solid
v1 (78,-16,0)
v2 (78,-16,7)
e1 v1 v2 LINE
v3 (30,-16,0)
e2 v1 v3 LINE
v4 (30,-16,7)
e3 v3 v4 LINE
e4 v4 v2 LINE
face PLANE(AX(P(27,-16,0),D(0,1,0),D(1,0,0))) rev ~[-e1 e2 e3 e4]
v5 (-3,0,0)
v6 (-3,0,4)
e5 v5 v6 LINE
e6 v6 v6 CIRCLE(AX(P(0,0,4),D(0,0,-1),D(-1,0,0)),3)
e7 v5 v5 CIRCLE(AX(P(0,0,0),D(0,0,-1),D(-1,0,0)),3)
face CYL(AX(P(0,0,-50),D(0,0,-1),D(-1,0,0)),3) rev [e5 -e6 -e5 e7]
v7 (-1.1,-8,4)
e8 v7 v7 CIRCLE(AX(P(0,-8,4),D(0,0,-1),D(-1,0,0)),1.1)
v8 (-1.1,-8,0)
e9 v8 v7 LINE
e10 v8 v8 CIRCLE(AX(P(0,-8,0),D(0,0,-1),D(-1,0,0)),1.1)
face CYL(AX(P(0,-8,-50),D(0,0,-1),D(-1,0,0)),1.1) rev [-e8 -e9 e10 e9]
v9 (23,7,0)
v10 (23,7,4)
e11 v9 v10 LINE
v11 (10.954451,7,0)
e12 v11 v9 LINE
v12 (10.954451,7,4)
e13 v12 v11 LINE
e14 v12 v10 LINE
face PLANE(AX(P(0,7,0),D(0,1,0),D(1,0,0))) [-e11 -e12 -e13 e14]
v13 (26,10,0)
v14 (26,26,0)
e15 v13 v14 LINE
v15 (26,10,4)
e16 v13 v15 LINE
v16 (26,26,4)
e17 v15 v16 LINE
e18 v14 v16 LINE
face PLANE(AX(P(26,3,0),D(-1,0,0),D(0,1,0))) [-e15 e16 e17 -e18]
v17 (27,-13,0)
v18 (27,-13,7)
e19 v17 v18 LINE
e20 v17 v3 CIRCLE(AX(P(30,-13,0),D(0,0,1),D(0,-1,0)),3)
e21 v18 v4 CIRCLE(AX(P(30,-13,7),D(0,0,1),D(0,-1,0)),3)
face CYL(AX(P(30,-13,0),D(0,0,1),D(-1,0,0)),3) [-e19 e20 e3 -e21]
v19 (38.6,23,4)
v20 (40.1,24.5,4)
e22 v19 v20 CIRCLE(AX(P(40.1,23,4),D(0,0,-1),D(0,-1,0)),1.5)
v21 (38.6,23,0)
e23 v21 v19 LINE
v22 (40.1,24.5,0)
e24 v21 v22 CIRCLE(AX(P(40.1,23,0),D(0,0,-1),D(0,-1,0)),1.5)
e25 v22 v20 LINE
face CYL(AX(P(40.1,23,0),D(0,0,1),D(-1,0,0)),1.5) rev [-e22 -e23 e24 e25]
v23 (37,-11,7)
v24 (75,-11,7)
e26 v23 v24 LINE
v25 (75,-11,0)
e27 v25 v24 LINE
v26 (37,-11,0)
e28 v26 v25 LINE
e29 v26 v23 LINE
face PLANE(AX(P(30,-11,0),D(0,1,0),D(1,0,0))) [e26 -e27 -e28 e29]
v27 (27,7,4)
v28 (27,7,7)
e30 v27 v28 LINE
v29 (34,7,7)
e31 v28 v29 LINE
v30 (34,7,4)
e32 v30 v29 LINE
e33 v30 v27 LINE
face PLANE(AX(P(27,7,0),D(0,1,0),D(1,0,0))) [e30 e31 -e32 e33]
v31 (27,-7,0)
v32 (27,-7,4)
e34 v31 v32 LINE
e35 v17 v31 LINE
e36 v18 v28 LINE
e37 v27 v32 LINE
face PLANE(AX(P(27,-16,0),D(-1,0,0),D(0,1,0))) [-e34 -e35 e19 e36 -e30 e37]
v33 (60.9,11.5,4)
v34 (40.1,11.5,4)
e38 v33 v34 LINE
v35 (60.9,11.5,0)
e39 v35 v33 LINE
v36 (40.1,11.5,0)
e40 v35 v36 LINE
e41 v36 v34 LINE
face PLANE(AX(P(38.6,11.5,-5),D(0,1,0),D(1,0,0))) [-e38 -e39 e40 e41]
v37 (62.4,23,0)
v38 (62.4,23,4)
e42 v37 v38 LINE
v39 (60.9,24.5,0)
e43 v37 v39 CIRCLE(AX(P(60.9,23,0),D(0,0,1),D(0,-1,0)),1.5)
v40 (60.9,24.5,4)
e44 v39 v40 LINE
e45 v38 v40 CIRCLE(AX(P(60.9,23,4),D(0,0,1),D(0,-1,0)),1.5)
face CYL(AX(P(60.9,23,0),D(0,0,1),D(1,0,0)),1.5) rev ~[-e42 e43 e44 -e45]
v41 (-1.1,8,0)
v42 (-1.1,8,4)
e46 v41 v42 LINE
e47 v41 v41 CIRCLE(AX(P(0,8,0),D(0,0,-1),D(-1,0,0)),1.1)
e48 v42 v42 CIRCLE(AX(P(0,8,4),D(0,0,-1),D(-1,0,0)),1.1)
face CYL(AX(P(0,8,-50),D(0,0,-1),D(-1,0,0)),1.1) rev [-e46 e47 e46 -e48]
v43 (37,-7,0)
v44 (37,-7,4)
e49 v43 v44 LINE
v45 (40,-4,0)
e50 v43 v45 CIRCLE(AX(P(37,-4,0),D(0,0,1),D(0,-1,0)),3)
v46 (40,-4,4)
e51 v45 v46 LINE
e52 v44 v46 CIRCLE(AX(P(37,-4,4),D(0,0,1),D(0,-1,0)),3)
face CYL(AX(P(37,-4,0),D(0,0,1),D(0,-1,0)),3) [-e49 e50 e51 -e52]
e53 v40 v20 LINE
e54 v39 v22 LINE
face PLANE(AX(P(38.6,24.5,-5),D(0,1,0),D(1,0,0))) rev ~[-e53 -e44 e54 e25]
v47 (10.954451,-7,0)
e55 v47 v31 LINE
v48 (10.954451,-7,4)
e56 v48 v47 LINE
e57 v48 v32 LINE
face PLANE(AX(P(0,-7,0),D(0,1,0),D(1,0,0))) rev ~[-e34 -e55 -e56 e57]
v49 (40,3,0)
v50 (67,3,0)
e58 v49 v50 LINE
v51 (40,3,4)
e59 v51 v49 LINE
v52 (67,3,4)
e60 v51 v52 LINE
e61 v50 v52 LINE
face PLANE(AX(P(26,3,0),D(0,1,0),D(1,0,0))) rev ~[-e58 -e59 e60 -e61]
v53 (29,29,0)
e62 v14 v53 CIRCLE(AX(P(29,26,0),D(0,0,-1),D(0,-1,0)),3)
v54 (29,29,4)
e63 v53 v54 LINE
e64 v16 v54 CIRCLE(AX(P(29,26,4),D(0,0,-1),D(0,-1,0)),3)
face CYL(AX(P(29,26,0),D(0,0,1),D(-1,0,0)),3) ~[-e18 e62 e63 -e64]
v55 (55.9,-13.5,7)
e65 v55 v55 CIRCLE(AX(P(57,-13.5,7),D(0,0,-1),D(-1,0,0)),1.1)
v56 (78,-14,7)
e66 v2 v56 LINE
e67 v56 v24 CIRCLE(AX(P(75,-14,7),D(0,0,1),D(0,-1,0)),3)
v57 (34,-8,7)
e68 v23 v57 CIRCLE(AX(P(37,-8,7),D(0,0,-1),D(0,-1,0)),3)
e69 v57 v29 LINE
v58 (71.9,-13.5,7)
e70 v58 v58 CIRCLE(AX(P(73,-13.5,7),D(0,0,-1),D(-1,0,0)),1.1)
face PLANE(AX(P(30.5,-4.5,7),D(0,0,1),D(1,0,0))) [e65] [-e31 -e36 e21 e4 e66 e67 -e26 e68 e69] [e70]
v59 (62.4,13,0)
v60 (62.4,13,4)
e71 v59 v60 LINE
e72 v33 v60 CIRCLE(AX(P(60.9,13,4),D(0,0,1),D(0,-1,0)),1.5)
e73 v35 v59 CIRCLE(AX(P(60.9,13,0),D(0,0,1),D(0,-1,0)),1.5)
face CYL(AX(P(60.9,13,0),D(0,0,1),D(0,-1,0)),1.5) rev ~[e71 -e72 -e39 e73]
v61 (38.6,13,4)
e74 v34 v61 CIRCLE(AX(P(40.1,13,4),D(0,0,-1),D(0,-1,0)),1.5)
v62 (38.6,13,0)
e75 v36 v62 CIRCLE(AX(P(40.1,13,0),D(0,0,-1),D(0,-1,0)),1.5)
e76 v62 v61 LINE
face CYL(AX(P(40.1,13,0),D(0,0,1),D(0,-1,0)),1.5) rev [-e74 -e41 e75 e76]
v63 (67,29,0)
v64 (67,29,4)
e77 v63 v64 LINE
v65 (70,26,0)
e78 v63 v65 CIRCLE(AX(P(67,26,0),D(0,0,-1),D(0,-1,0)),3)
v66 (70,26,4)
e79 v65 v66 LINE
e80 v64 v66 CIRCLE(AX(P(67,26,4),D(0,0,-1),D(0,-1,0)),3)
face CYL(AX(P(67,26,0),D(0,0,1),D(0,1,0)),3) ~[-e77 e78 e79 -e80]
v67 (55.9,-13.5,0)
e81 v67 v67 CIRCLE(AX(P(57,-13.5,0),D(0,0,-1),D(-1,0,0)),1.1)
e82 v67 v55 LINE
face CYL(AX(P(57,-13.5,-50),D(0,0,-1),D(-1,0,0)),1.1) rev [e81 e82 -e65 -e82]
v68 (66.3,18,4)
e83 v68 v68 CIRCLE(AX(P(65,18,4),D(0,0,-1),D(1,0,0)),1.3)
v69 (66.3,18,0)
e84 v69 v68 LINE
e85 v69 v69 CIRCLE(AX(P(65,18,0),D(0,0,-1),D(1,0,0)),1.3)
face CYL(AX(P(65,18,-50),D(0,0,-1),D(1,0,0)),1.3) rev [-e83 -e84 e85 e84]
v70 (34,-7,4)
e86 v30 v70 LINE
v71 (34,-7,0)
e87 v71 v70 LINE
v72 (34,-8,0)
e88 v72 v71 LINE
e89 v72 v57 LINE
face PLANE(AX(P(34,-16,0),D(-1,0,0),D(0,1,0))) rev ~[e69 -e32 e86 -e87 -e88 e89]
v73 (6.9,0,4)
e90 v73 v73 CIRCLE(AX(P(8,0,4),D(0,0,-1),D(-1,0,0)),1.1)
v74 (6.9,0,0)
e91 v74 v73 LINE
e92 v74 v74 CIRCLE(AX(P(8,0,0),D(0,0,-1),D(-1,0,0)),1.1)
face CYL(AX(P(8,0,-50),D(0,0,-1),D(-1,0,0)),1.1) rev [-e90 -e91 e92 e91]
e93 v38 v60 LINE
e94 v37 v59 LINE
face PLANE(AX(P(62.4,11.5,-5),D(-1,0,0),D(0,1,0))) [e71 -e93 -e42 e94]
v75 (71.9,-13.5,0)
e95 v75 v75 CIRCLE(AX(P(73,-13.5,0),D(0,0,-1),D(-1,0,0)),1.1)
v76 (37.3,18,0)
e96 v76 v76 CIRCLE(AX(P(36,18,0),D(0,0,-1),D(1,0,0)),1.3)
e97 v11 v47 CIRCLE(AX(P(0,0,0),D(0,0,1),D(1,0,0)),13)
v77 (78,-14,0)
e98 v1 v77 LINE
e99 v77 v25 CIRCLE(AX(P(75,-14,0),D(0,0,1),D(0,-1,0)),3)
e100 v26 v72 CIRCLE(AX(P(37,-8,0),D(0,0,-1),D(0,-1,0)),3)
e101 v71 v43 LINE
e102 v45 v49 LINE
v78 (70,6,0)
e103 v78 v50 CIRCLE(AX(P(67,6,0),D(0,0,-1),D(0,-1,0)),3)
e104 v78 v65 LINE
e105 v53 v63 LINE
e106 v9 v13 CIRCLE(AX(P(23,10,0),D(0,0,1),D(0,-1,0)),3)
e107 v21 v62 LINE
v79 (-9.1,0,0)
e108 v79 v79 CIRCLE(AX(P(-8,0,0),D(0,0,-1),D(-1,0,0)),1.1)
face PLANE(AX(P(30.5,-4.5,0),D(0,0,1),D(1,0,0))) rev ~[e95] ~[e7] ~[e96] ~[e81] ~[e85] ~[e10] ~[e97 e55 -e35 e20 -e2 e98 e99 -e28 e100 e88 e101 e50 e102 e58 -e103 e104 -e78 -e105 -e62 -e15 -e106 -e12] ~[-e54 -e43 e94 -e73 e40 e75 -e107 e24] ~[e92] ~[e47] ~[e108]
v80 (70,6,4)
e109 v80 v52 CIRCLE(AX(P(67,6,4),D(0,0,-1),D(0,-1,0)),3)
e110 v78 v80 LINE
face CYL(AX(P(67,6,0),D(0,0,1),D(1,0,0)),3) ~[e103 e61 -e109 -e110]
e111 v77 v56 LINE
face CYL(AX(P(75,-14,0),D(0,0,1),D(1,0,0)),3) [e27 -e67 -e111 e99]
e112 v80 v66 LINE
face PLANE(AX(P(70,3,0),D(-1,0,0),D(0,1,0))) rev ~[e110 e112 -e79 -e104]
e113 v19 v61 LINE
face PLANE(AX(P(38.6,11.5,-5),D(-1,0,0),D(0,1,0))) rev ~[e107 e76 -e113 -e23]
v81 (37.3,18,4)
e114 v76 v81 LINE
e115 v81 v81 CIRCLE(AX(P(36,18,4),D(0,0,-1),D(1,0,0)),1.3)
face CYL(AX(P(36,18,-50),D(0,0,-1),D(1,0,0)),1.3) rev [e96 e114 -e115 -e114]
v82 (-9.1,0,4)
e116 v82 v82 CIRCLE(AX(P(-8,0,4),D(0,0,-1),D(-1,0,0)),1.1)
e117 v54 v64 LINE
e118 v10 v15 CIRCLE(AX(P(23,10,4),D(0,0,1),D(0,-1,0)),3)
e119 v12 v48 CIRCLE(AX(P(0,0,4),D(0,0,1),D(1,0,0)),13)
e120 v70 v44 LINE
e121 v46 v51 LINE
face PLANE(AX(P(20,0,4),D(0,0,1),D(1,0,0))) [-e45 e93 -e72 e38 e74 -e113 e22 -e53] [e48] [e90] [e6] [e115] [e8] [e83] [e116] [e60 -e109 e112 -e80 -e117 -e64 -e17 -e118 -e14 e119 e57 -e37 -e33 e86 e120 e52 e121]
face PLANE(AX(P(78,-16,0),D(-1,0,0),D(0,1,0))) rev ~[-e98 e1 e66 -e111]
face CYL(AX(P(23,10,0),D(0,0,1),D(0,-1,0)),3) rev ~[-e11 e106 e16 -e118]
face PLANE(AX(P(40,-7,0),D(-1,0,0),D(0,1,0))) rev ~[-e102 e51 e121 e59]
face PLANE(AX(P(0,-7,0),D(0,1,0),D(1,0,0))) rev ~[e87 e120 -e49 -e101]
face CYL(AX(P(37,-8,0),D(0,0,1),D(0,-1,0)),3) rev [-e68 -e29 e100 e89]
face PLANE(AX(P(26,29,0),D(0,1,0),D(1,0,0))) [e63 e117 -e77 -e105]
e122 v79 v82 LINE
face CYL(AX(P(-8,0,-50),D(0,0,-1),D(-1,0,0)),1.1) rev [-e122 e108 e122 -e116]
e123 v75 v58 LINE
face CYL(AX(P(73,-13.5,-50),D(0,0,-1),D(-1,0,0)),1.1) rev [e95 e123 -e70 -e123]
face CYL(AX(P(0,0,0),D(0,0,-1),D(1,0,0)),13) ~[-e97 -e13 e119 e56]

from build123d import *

# Parameters (mm, degrees)
ELBOW_HORN_FLANGE_PROFILE_R          = 13
ELBOW_HORN_FLANGE_DEPTH              = 4
FOREARM_WEB_PROFILE_W                = 40
FOREARM_WEB_PROFILE_H                = 14
FOREARM_WEB_DEPTH                    = 4
GRIPPER_SERVO_MOUNT_PROFILE_W        = 44
GRIPPER_SERVO_MOUNT_PROFILE_H        = 26
GRIPPER_SERVO_MOUNT_DEPTH            = 4
GRIP_SG90_BODY_CLEARANCE_START       = -5
GRIP_SG90_BODY_CLEARANCE_PROFILE_W   = 23.8
GRIP_SG90_BODY_CLEARANCE_PROFILE_H   = 13
GRIP_SG90_BODY_CLEARANCE_DEPTH       = 81.874897035
GRIP_SERVO_TAB_FASTENERS_START       = -50
GRIP_SERVO_TAB_FASTENERS_PROFILE_R   = 1.3
GRIP_SERVO_TAB_FASTENERS_DEPTH       = 126.874897035
FIXED_FINGER_SPINE_PROFILE_W         = 48
FIXED_FINGER_SPINE_PROFILE_H         = 5
FIXED_FINGER_SPINE_DEPTH             = 7
FIXED_FINGER_ROOT_PROFILE_W          = 7
FIXED_FINGER_ROOT_PROFILE_H          = 23
FIXED_FINGER_ROOT_DEPTH              = 7
ELBOW_CENTER_SCREW_ACCESS_START      = -50
ELBOW_CENTER_SCREW_ACCESS_PROFILE_R  = 3
ELBOW_CENTER_SCREW_ACCESS_DEPTH      = 134.510478384
ELBOW_HORN_FASTENERS_START           = -50
ELBOW_HORN_FASTENERS_PROFILE_R       = 1.1
ELBOW_HORN_FASTENERS_DEPTH           = 134.510478384
FIXED_PAD_KEEPER_FASTENERS_START     = -50
FIXED_PAD_KEEPER_FASTENERS_PROFILE_R = 1.1
FIXED_PAD_KEEPER_FASTENERS_DEPTH     = 134.510478384
FILLET1_R                            = 3
FILLET2_R                            = 1.5


with BuildPart() as part:
    # Elbow_horn_flange_profile → Elbow_horn_flange (new body)
    with BuildSketch(Plane.XY):
        Circle(ELBOW_HORN_FLANGE_PROFILE_R)
    extrude(amount=ELBOW_HORN_FLANGE_DEPTH)

    # Forearm_web_profile → Forearm_web (add)
    with BuildSketch(Plane.XY):
        with Locations((20, 0)):
            Rectangle(FOREARM_WEB_PROFILE_W, FOREARM_WEB_PROFILE_H)
    extrude(amount=FOREARM_WEB_DEPTH)

    # Gripper_servo_mount_profile → Gripper_servo_mount (add)
    with BuildSketch(Plane.XY):
        with Locations((48, 16)):
            Rectangle(GRIPPER_SERVO_MOUNT_PROFILE_W, GRIPPER_SERVO_MOUNT_PROFILE_H)
    extrude(amount=GRIPPER_SERVO_MOUNT_DEPTH)

    # Grip_SG90_body_clearance_profile → Grip_SG90_body_clearance (cut, through all)
    with BuildSketch(Plane.XY.offset(GRIP_SG90_BODY_CLEARANCE_START)):
        with Locations((50.5, 18)):
            Rectangle(GRIP_SG90_BODY_CLEARANCE_PROFILE_W, GRIP_SG90_BODY_CLEARANCE_PROFILE_H)
    extrude(amount=GRIP_SG90_BODY_CLEARANCE_DEPTH, mode=Mode.SUBTRACT)

    # Grip_servo_tab_fasteners_profile → Grip_servo_tab_fasteners (cut, through all)
    with BuildSketch(Plane.XY.offset(GRIP_SERVO_TAB_FASTENERS_START)):
        with Locations((36, 18)):
            Circle(GRIP_SERVO_TAB_FASTENERS_PROFILE_R)
        with Locations((65, 18)):
            Circle(GRIP_SERVO_TAB_FASTENERS_PROFILE_R)
    extrude(amount=GRIP_SERVO_TAB_FASTENERS_DEPTH, mode=Mode.SUBTRACT)



with BuildPart() as body_2:
    # Fixed_finger_spine_profile → Fixed_finger_spine (new body)
    with BuildSketch(Plane.XY):
        with Locations((54, -13.5)):
            Rectangle(FIXED_FINGER_SPINE_PROFILE_W, FIXED_FINGER_SPINE_PROFILE_H)
    extrude(amount=FIXED_FINGER_SPINE_DEPTH)


with BuildPart() as part_1:
    add(part.part)

    add(body_2.part)  # Fixed_finger_root merges body 2
    # Fixed_finger_root_profile → Fixed_finger_root (add)
    with BuildSketch(Plane.XY):
        with Locations((30.5, -4.5)):
            Rectangle(FIXED_FINGER_ROOT_PROFILE_W, FIXED_FINGER_ROOT_PROFILE_H)
    extrude(amount=FIXED_FINGER_ROOT_DEPTH)

    # Elbow_center_screw_access_profile → Elbow_center_screw_access (cut, through all)
    with BuildSketch(Plane.XY.offset(ELBOW_CENTER_SCREW_ACCESS_START)):
        with Locations(Location((0, 0, 0), (0, 0, 180))):
            Circle(ELBOW_CENTER_SCREW_ACCESS_PROFILE_R)
    extrude(amount=ELBOW_CENTER_SCREW_ACCESS_DEPTH, mode=Mode.SUBTRACT)

    # Elbow_horn_fasteners_profile → Elbow_horn_fasteners (cut, through all)
    with BuildSketch(Plane.XY.offset(ELBOW_HORN_FASTENERS_START)):
        with Locations(Location((0, -8, 0), (0, 0, 180))):
            Circle(ELBOW_HORN_FASTENERS_PROFILE_R)
        with Locations(Location((0, 8, 0), (0, 0, 180))):
            Circle(ELBOW_HORN_FASTENERS_PROFILE_R)
        with Locations(Location((-8, 0, 0), (0, 0, 180))):
            Circle(ELBOW_HORN_FASTENERS_PROFILE_R)
        with Locations(Location((8, 0, 0), (0, 0, 180))):
            Circle(ELBOW_HORN_FASTENERS_PROFILE_R)
    extrude(amount=ELBOW_HORN_FASTENERS_DEPTH, mode=Mode.SUBTRACT)

    # Fixed_pad_keeper_fasteners_profile → Fixed_pad_keeper_fasteners (cut, through all)
    with BuildSketch(Plane.XY.offset(FIXED_PAD_KEEPER_FASTENERS_START)):
        with Locations(Location((57, -13.5, 0), (0, 0, 180))):
            Circle(FIXED_PAD_KEEPER_FASTENERS_PROFILE_R)
        with Locations(Location((73, -13.5, 0), (0, 0, 180))):
            Circle(FIXED_PAD_KEEPER_FASTENERS_PROFILE_R)
    extrude(amount=FIXED_PAD_KEEPER_FASTENERS_DEPTH, mode=Mode.SUBTRACT)

    # Fillet1
    fillet1_edges = [part_1.edges().sort_by_distance(p)[0] for p in [
        (34, -11, 3.5),
        (78, -11, 3.5),
        (40, -7, 2),
        (26, 7, 2),
        (26, 29, 2),
        (70, 3, 2),
        (70, 29, 2),
        (27, -16, 3.5),
    ]]
    fillet(fillet1_edges, radius=FILLET1_R)

    # Fillet2
    fillet2_edges = [part_1.edges().sort_by_distance(p)[0] for p in [
        (38.6, 24.5, 2),
        (38.6, 11.5, 2),
        (62.4, 11.5, 2),
        (62.4, 24.5, 2),
    ]]
    fillet(fillet2_edges, radius=FILLET2_R)


solid = part_1.part
